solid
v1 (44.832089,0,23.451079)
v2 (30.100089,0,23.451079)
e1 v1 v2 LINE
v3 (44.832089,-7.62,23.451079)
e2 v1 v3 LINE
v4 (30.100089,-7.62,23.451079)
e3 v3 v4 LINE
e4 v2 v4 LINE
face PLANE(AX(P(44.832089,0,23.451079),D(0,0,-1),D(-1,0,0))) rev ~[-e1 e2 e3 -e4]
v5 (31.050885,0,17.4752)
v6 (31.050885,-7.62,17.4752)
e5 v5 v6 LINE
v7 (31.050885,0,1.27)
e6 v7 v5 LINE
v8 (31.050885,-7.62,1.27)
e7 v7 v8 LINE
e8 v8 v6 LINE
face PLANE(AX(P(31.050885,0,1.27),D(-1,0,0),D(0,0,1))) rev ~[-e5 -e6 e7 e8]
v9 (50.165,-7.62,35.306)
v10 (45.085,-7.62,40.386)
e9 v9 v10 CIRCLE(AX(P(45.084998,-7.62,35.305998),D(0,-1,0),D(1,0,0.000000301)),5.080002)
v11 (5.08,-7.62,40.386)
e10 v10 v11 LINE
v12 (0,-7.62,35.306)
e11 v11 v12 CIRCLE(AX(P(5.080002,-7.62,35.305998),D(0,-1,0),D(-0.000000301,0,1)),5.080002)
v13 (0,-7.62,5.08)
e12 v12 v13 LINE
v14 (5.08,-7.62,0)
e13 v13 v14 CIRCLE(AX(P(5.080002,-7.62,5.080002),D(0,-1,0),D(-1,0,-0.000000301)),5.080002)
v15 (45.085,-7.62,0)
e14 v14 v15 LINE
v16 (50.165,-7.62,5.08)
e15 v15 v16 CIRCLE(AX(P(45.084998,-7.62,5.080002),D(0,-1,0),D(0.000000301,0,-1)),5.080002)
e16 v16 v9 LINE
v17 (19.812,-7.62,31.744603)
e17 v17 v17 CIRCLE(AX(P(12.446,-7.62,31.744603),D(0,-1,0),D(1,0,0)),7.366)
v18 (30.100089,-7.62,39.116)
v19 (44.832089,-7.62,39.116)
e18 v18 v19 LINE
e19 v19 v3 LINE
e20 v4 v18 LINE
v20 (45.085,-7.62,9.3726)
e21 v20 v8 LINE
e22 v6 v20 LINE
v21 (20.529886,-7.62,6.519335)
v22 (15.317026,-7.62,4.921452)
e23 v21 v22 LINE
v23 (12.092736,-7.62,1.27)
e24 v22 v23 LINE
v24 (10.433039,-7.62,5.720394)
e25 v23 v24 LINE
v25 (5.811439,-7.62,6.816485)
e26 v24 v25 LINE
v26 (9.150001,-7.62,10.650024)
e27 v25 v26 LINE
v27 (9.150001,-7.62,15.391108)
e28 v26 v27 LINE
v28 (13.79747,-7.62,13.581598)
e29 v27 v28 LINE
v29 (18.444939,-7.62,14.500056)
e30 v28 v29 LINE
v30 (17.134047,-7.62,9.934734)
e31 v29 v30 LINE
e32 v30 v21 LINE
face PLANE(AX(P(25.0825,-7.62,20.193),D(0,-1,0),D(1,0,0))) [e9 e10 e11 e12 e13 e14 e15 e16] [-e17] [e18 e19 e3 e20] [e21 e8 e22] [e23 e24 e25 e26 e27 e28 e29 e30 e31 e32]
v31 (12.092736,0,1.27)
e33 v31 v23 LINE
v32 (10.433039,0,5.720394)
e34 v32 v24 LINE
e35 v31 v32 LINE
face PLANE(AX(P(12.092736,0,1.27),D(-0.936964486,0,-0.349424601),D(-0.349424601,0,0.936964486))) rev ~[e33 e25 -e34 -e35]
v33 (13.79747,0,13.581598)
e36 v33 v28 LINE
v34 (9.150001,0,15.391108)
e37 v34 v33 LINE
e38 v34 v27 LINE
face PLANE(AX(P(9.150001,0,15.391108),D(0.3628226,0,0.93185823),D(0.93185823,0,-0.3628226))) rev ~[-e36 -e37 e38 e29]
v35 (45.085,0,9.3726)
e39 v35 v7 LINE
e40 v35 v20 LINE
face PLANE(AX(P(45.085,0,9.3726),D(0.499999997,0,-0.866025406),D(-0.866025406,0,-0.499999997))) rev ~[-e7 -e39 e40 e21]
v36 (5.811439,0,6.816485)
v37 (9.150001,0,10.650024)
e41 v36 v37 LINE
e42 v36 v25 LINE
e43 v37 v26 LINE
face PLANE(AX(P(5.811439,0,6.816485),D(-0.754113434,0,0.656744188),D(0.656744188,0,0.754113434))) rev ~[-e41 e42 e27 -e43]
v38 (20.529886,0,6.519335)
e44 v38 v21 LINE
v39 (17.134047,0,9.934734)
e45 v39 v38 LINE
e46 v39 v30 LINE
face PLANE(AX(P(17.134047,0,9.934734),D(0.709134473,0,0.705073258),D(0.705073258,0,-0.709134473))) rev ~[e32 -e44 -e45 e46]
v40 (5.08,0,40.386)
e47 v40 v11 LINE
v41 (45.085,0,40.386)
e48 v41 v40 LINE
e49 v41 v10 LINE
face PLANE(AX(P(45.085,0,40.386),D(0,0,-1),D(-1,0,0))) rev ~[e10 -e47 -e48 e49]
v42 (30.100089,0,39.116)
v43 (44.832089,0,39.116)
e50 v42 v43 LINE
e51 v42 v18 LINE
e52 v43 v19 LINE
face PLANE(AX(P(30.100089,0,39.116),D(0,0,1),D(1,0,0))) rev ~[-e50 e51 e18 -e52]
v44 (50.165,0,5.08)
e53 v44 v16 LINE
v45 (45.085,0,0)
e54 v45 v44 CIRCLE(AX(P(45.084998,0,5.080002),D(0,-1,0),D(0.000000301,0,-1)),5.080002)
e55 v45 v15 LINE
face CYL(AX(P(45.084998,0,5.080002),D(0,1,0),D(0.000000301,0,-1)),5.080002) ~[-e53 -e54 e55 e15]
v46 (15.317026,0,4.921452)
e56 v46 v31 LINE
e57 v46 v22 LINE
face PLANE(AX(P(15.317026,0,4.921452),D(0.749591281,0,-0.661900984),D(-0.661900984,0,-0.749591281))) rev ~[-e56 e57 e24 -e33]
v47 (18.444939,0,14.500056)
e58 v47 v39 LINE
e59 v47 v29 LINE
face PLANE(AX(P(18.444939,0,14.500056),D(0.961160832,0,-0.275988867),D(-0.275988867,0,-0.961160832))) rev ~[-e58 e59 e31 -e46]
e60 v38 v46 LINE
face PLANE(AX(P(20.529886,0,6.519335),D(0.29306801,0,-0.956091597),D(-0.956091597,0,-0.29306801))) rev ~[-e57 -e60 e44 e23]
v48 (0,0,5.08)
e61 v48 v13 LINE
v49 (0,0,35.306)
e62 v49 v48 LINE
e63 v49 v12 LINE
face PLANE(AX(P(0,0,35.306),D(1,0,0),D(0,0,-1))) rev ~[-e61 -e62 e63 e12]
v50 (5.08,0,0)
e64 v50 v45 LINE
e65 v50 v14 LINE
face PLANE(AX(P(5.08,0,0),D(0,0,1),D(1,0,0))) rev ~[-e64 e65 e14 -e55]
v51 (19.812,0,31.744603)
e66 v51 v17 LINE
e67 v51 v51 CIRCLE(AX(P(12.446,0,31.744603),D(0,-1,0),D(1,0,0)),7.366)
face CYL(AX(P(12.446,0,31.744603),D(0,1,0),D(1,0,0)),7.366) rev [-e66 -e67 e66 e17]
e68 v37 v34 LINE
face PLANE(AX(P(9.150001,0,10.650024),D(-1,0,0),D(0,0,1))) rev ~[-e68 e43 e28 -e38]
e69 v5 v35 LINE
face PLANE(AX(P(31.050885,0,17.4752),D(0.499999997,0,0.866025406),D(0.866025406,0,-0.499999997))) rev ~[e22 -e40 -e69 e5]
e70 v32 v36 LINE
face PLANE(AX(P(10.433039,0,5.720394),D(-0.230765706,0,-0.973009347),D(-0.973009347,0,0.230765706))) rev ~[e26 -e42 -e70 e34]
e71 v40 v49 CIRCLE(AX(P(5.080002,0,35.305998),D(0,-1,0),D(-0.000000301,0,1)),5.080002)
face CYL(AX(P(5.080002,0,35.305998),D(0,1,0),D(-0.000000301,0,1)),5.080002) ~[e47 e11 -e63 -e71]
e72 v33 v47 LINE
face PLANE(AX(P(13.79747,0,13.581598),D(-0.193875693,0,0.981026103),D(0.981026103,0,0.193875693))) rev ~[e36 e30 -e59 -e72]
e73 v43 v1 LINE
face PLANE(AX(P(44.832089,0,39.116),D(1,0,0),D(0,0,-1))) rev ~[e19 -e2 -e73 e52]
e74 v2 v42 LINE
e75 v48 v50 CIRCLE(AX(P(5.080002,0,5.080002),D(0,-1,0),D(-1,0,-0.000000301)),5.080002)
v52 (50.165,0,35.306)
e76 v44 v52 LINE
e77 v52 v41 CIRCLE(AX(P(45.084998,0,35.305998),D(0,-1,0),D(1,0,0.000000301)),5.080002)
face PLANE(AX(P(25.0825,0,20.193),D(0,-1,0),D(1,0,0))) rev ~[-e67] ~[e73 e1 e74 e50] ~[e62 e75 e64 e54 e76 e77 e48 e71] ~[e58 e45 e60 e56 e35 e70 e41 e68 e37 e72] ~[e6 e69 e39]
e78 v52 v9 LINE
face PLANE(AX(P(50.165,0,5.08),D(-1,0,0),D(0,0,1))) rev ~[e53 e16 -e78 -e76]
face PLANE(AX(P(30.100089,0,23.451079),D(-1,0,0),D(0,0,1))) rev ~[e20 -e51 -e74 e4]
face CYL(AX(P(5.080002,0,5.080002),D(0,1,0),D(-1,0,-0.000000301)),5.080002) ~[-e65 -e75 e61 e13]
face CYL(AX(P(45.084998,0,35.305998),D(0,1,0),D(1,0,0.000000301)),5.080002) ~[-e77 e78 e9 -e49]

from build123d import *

# Parameters (mm, degrees)
F0_R     = 7.366
F1_DEPTH = 7.62


with BuildPart() as f1:
    # F0 (on Front) → F1 (new body)
    with BuildSketch(Plane.XZ):
        with BuildLine():
            ThreePointArc((0, 5.08), (1.487898, 1.487898), (5.08, 0))
            Line((5.08, 0), (12.3952, 0))
            Line((12.3952, 0), (45.085, 0))
            ThreePointArc((45.085, 0), (48.677102, 1.487898), (50.165, 5.08))
            Line((50.165, 5.08), (50.165, 35.306))
            ThreePointArc((50.165, 35.306), (48.677102, 38.898102), (45.085, 40.386))
            Line((45.085, 40.386), (5.08, 40.386))
            ThreePointArc((5.08, 40.386), (1.487898, 38.898102), (0, 35.306))
            Line((0, 35.306), (0, 5.08))
        make_face()
        Polygon((15.317026, 4.921452), (12.092736, 1.27), (10.433039, 5.720394), (5.811439, 6.816485), (9.150001, 10.650024), (9.150001, 15.391108), (13.79747, 13.581598), (18.444939, 14.500056), (17.134047, 9.934734), (20.529886, 6.519335), align=None, mode=Mode.SUBTRACT)
        Polygon((45.085, 9.3726), (31.050885, 1.27), (31.050885, 17.4752), align=None, mode=Mode.SUBTRACT)
        with Locations((12.446, 31.744603)):
            Circle(F0_R, mode=Mode.SUBTRACT)
        Polygon((30.100089, 39.116), (44.832089, 39.116), (44.832089, 23.538094), (44.832089, 23.451079), (30.100089, 23.451079), align=None, mode=Mode.SUBTRACT)
    extrude(amount=F1_DEPTH)


solid = f1.part
